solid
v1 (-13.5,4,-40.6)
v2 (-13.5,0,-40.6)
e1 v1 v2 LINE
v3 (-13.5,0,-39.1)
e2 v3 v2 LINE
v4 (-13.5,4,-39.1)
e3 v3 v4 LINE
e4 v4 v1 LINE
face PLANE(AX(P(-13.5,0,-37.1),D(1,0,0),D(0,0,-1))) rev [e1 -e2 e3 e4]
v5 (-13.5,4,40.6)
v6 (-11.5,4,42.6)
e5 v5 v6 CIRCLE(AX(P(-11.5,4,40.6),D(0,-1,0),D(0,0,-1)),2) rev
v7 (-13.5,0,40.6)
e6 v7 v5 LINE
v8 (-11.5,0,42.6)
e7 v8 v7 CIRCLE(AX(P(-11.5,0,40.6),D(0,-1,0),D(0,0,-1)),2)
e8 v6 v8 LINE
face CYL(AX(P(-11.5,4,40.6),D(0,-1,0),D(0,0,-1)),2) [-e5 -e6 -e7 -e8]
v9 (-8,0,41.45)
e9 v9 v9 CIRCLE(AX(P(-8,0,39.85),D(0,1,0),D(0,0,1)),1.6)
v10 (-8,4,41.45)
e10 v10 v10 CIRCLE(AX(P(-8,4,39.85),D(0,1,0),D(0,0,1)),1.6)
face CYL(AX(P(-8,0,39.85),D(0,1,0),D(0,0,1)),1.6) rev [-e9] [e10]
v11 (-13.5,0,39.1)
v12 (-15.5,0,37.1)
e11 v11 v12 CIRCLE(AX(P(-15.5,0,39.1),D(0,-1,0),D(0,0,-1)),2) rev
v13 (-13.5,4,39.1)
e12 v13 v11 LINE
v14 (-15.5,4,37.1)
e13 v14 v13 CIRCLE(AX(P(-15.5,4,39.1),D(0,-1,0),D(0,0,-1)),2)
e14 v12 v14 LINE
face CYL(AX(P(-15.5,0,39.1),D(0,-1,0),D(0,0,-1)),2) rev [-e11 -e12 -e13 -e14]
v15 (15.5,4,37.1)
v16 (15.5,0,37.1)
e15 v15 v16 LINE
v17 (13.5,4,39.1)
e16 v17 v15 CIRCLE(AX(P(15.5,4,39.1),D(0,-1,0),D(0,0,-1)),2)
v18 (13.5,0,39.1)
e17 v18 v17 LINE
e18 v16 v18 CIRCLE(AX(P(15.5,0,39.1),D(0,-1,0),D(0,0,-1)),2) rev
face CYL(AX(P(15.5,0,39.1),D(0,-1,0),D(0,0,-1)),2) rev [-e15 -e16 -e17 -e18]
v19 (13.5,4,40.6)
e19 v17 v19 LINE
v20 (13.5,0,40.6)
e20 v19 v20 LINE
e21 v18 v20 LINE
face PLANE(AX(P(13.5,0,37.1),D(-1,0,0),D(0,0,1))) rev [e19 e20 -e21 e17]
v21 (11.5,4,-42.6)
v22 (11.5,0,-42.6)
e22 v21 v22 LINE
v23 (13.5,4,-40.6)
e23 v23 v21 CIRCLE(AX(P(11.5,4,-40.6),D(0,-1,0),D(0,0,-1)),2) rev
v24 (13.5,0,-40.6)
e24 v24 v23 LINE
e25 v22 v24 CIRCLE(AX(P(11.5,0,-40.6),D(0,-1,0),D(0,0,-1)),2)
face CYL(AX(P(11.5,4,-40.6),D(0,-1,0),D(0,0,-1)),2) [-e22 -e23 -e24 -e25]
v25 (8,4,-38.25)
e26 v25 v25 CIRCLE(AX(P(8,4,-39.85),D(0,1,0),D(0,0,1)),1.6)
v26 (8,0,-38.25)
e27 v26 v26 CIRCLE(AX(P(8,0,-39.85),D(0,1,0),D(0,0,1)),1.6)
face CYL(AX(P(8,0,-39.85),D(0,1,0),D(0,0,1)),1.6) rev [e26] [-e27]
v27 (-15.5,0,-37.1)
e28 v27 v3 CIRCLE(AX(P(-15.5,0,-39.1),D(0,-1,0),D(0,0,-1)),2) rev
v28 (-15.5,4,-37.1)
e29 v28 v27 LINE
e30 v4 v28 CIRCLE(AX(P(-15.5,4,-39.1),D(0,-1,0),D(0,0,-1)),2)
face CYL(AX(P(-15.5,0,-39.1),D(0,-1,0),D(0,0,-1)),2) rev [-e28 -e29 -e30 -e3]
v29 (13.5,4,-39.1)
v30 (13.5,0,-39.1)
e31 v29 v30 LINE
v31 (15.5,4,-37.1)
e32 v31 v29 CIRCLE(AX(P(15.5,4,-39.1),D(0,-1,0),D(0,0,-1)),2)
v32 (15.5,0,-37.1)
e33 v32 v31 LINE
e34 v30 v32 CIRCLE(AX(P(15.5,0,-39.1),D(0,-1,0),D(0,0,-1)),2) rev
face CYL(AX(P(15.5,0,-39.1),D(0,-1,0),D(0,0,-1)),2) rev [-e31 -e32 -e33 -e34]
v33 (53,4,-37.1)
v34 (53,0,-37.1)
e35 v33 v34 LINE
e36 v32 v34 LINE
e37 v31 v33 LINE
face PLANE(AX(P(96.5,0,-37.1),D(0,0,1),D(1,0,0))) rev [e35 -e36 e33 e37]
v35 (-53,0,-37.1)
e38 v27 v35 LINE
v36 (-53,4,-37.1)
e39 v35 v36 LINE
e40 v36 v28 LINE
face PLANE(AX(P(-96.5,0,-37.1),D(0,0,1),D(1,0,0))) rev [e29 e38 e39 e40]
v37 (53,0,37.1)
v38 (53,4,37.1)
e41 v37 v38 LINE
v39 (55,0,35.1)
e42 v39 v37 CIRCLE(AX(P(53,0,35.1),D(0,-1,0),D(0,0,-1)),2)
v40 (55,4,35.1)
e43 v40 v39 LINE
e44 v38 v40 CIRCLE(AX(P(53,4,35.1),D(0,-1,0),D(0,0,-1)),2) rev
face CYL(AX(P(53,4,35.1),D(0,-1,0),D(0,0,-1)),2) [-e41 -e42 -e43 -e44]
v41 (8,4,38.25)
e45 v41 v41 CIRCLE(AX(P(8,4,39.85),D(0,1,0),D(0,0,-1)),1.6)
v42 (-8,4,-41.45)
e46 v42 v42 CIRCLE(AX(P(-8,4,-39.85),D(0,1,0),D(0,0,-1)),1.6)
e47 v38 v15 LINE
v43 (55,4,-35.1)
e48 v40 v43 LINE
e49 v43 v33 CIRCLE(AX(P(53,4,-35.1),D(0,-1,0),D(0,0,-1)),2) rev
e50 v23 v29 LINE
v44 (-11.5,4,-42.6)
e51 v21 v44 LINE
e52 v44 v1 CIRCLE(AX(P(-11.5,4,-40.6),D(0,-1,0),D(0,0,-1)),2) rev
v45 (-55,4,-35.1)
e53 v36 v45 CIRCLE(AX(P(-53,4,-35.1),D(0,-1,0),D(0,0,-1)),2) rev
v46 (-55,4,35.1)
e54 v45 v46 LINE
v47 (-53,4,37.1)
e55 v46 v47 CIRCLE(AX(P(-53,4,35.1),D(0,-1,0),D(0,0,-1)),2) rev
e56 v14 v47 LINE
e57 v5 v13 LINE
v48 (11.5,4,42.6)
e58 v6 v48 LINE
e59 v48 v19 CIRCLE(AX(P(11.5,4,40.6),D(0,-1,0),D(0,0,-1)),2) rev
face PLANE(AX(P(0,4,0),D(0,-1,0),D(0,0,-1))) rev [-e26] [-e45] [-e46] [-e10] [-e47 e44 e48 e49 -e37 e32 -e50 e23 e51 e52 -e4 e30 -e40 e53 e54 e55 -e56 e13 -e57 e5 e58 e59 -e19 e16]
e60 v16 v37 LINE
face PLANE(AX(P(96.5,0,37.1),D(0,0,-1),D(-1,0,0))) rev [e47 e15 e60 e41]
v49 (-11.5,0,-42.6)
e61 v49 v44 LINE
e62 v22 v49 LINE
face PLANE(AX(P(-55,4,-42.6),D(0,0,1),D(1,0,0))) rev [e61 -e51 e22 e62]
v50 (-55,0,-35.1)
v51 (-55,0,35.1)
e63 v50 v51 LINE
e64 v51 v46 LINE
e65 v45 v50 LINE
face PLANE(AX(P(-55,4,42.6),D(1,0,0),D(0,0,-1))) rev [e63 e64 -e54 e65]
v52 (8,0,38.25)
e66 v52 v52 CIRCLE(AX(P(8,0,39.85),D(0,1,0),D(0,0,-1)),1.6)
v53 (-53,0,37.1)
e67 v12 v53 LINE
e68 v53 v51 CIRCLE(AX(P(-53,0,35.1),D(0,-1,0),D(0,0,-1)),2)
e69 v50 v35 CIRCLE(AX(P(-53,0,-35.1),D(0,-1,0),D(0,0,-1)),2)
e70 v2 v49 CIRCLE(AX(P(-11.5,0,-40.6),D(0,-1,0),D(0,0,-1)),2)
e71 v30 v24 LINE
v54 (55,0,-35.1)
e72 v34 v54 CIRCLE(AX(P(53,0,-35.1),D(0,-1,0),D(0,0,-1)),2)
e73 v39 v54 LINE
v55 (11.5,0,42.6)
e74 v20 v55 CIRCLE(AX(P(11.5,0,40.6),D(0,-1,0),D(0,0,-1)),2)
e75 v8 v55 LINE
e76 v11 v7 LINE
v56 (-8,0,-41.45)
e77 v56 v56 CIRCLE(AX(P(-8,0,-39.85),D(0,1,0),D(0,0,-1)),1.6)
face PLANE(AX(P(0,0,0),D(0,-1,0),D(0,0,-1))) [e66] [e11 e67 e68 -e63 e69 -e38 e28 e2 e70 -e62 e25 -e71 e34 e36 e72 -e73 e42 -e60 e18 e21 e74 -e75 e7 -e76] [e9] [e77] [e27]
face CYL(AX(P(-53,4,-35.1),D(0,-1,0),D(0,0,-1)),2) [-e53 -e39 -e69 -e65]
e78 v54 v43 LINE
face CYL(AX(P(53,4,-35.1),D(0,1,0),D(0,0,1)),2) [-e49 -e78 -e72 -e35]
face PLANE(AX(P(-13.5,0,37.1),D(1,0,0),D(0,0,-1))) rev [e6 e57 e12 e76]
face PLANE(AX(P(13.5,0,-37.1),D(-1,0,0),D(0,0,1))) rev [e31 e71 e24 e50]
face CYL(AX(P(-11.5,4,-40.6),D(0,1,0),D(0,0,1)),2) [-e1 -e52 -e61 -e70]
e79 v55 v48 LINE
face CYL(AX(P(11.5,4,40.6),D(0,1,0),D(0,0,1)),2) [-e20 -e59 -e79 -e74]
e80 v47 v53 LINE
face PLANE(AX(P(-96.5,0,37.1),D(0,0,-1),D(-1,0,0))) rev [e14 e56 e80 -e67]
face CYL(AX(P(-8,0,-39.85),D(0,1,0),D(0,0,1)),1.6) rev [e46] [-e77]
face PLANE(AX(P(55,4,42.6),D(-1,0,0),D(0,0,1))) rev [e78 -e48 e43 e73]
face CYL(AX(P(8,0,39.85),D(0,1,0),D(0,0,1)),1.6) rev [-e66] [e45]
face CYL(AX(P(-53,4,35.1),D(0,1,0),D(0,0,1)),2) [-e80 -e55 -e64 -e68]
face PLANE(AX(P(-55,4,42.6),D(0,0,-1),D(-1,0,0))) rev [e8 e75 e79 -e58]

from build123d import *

# Parameters (mm, degrees)
SKETCH_1_W          = 110
SKETCH_1_H          = 85.2
EXTRUDE_1_DEPTH     = 4
SKETCH_2_W          = 83
SKETCH_2_H          = 11
CUT_EXTRUDE_1_DEPTH = 4
SKETCH_3_R          = 1.6
CUT_EXTRUDE_2_DEPTH = 4
FILLET_1_R          = 2


with BuildPart() as part:
    # 草图1 → 凸台-拉伸1 (new body)
    with BuildSketch(Plane(origin=(0, 0, 0), x_dir=(1, 0, 0), z_dir=(0, 1, 0))):
        Rectangle(SKETCH_1_W, SKETCH_1_H)
    extrude(amount=EXTRUDE_1_DEPTH)

    # 草图2 → 切除-拉伸1 (cut)
    with BuildSketch(Plane(origin=(0, 4, 0), x_dir=(1, 0, 0), z_dir=(0, 1, 0))):
        with Locations((-55, -42.6)):
            Rectangle(SKETCH_2_W, SKETCH_2_H)
        with Locations((55, -42.6)):
            Rectangle(SKETCH_2_W, SKETCH_2_H)
        with Locations((55, 42.6)):
            Rectangle(SKETCH_2_W, SKETCH_2_H)
        with Locations((-55, 42.6)):
            Rectangle(SKETCH_2_W, SKETCH_2_H)
    extrude(amount=-CUT_EXTRUDE_1_DEPTH, mode=Mode.SUBTRACT)

    # 草图3 → 切除-拉伸2 (cut)
    with BuildSketch(Plane(origin=(0, 4, 0), x_dir=(1, 0, 0), z_dir=(0, 1, 0))):
        with Locations(Location((-8, -39.85, 0), (0, 0, 270))):
            Circle(SKETCH_3_R)
        with Locations(Location((8, -39.85, 0), (0, 0, 90))):
            Circle(SKETCH_3_R)
        with Locations(Location((8, 39.85, 0), (0, 0, 270))):
            Circle(SKETCH_3_R)
        with Locations(Location((-8, 39.85, 0), (0, 0, 90))):
            Circle(SKETCH_3_R)
    extrude(amount=-CUT_EXTRUDE_2_DEPTH, mode=Mode.SUBTRACT)

    # 圆角1
    fillet_1_edges = [part.edges().sort_by_distance(p)[0] for p in [
        (-13.5, 2, 42.6),
        (-13.5, 2, 37.1),
        (-55, 2, 37.1),
        (13.5, 2, 42.6),
        (55, 2, 37.1),
        (13.5, 2, 37.1),
        (55, 2, -37.1),
        (13.5, 2, -42.6),
        (13.5, 2, -37.1),
        (-13.5, 2, -42.6),
        (-55, 2, -37.1),
        (-13.5, 2, -37.1),
    ]]
    fillet(fillet_1_edges, radius=FILLET_1_R)


solid = part.part
